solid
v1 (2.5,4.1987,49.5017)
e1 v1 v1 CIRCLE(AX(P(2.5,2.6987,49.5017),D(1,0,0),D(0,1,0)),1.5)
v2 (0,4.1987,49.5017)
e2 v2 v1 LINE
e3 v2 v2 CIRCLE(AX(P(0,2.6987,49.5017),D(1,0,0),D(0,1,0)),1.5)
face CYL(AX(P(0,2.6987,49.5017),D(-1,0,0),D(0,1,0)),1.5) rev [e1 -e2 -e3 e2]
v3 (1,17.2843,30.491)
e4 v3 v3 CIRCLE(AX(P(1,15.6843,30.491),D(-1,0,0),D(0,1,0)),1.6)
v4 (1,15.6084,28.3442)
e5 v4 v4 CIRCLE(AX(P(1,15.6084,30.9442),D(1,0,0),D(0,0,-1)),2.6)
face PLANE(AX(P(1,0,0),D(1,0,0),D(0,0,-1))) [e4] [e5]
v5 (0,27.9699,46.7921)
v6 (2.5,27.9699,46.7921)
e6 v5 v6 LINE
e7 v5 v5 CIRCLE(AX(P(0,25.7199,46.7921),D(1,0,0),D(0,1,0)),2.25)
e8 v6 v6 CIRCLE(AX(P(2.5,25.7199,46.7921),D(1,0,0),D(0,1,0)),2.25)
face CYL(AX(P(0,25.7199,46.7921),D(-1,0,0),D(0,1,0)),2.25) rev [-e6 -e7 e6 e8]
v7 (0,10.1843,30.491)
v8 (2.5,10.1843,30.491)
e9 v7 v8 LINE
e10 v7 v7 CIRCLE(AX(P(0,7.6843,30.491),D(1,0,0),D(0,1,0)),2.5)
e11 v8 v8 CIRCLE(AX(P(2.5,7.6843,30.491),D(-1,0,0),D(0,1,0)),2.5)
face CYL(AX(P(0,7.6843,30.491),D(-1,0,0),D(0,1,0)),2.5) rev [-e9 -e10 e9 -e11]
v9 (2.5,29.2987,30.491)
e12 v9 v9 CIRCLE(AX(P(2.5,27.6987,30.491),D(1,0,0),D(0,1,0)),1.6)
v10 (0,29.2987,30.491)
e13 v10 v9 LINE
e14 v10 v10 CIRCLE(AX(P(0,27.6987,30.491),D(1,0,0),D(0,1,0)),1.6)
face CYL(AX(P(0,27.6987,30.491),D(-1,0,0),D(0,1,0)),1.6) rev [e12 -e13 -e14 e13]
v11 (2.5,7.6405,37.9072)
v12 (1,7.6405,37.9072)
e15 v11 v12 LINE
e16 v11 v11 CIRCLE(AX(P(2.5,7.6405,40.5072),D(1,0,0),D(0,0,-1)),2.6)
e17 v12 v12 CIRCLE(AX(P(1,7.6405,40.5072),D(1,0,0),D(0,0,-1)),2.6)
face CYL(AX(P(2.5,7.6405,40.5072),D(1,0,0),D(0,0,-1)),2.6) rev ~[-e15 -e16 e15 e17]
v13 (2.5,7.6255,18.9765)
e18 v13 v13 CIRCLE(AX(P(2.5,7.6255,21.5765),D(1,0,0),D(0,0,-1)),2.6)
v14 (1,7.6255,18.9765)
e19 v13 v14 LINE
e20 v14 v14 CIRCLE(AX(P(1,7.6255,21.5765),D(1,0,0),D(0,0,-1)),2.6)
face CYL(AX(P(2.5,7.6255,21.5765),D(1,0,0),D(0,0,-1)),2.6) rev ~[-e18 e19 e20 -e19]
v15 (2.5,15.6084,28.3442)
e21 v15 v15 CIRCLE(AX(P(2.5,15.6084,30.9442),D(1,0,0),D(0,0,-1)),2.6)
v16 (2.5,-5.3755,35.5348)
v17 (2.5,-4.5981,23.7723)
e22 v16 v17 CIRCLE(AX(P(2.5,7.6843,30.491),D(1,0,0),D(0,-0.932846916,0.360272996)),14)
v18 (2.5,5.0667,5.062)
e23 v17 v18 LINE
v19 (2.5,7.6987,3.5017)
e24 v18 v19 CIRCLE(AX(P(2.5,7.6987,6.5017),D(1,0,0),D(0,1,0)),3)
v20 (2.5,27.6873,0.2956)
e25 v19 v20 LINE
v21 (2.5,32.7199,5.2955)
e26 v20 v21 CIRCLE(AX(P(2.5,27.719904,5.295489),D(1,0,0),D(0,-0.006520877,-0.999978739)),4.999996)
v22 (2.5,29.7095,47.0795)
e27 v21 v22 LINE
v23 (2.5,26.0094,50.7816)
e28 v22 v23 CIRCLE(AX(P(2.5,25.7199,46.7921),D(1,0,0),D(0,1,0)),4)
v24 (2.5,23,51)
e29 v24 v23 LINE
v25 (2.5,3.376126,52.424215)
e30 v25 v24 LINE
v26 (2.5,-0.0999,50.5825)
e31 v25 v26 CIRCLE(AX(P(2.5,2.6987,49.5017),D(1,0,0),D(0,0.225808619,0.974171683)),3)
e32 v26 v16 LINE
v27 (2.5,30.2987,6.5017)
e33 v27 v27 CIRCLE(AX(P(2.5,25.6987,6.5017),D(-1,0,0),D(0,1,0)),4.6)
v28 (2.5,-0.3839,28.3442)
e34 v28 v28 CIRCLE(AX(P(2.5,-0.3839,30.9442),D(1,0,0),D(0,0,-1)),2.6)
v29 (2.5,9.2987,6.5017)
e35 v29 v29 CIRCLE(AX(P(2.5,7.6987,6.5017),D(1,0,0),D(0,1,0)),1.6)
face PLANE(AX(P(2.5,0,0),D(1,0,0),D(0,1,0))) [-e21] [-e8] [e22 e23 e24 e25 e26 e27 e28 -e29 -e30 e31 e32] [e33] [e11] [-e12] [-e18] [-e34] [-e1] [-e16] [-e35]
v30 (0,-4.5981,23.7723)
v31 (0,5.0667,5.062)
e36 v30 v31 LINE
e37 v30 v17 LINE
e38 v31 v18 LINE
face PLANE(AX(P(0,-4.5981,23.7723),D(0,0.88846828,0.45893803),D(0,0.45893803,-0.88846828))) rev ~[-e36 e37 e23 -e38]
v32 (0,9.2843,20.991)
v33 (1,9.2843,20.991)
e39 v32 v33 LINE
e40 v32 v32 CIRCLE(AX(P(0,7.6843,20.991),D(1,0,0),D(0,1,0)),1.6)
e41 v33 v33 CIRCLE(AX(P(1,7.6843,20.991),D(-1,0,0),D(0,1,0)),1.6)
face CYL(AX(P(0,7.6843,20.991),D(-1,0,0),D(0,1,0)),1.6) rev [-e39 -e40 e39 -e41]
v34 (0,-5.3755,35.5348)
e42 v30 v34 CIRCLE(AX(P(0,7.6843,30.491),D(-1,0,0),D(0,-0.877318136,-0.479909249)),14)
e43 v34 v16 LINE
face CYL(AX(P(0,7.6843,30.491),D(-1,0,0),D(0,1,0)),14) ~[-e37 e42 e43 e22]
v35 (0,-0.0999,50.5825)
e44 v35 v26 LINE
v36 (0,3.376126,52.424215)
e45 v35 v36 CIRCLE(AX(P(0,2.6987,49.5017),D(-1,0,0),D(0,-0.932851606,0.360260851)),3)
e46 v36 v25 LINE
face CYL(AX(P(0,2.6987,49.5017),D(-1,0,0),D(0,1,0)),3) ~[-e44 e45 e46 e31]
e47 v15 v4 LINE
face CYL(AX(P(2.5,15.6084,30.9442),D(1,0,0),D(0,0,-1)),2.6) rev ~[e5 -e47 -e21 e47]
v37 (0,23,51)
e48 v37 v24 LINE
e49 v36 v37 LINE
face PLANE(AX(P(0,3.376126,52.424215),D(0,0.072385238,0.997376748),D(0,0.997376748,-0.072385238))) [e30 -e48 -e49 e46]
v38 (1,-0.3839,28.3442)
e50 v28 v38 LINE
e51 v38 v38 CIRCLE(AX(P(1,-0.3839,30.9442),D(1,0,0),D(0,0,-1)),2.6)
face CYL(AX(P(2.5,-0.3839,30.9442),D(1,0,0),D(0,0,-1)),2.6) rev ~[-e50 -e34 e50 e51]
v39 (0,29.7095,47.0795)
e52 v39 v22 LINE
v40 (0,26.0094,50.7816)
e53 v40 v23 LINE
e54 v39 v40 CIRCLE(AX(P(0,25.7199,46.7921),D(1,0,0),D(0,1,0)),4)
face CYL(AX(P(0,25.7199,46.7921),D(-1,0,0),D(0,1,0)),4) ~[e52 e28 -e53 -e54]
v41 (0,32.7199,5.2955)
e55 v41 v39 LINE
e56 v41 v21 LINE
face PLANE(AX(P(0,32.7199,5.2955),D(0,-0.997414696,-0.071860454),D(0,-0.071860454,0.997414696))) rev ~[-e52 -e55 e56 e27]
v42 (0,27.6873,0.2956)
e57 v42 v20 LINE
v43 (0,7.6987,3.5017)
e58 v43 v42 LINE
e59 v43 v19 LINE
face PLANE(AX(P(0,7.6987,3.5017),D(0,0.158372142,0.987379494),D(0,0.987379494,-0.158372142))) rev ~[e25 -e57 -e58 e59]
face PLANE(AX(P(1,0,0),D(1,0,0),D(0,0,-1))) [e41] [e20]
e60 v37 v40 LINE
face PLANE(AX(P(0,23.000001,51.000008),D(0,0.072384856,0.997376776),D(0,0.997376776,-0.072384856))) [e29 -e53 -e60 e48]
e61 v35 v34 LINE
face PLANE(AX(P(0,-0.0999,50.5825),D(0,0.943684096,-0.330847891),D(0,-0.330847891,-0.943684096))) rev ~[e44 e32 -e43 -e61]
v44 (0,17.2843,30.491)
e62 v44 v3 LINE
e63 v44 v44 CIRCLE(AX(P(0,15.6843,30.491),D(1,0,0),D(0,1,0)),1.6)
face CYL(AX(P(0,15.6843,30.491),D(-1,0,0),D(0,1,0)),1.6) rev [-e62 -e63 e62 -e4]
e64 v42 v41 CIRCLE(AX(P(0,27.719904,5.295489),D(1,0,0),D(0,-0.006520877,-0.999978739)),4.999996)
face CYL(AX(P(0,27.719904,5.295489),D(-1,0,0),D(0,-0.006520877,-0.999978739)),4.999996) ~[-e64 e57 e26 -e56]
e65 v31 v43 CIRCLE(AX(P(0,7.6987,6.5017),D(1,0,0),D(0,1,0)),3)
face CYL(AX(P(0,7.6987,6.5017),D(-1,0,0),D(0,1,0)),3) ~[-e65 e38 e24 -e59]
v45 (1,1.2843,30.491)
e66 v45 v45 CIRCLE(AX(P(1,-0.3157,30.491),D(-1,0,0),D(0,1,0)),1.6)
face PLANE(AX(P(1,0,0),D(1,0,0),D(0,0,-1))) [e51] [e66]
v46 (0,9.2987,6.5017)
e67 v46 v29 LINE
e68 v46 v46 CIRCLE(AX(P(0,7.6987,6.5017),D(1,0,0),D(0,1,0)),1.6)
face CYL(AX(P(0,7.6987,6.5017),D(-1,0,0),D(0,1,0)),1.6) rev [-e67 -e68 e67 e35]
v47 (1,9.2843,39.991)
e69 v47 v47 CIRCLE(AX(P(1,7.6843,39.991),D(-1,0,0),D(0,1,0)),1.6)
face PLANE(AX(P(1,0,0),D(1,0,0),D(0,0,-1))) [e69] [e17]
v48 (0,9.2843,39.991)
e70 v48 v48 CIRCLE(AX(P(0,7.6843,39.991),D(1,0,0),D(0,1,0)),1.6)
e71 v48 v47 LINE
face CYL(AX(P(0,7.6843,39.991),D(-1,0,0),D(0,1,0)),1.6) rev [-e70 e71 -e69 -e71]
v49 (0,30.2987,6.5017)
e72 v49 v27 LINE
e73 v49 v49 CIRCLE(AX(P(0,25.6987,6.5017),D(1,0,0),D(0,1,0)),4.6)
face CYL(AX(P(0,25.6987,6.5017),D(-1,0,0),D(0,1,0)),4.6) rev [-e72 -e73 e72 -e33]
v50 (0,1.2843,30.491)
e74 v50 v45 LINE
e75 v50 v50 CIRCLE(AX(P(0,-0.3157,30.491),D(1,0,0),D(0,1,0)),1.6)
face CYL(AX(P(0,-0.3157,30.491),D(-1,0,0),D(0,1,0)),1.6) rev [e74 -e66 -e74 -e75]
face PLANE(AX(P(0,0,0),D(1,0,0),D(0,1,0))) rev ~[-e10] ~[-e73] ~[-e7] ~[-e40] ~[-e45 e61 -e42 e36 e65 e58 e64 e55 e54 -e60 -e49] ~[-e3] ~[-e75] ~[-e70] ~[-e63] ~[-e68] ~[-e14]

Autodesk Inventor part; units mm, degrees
ref_plane "YZ Plane" through (0, 0, 0) normal (1, 0, 0) x (0, 1, 0)
ref_plane "XZ Plane" through (0, 0, 0) normal (0, 1, 0) x (-1, 0, 0)
ref_plane "XY Plane" through (0, 0, 0) normal (0, 0, 1) x (1, 0, 0)
sketch "Эскиз1" plane through (0, 0, 0) normal (1, 0, 0) x (0, 1, 0)
  circle A0 centre (25.7199, 46.7921) radius 2.25
  circle A1 centre (25.6987, 6.5017) radius 4.6
  circle A2 centre (7.6987, 6.5017) radius 1.6
  arc A3 (27.6873, 0.2956) -> (32.7199, 5.2955) centre (27.7199, 5.2955) ccw
  circle A4 centre (7.6843, 30.491) radius 14
  arc A5 (14.2267, 42.8683) -> (-1.4853, 19.9118) centre (7.6843, 30.491) ccw
  circle A6 centre (27.6987, 30.491) radius 1.6
  line L0 (7.6843, 30.491) -> (25.6987, 6.5017)
  line L1 (-6.3157, 30.491) -> (21.6843, 30.491)
  line L2 (7.6843, 16.491) -> (7.6843, 44.491)
  circle A7 centre (7.6843, 30.491) radius 2.5
  circle A8 centre (-0.3157, 30.491) radius 1.6
  circle A9 centre (15.6843, 30.491) radius 1.6
  circle A10 centre (7.6843, 20.991) radius 1.6
  circle A11 centre (7.6843, 39.991) radius 1.6
  circle A12 centre (2.6987, 49.5017) radius 1.5
  circle A13 centre (7.6987, 6.5017) radius 3
  line L3 (7.6987, 3.5017) -> (27.6873, 0.2956)
  circle A14 centre (2.6987, 49.5017) radius 3
  line L4 (-3.2958, 40.9198) -> (-5.3755, 35.5348)
  line L5 (-0.0999, 50.5825) -> (-5.3755, 35.5348)
  line L6 (-1.3769, 17.8835) -> (-4.5981, 23.7723)
  line L7 (-4.5981, 23.7723) -> (5.0667, 5.062)
  circle A15 centre (25.7199, 46.7921) radius 4
  line L8 (2.4504, 52.4914) -> (23, 51)
  line L9 (2.4504, 52.4914) -> (26.0094, 50.7816)
  line L10 (32.7199, 5.2955) -> (29.7095, 47.0795)
  point P0 (0, 0)
  point P1 (-2.3427, 0)
  point P2 (7.6843, 30.491)
  point P3 (7.6843, 30.491)
  point P4 (-4.5981, 23.7723)
  point P5 (-3.3371, 41.4181)
  point P6 (-5.3755, 35.5348)
  point P7 (5.0013, 5.1886)
  point P8 (-0.1621, 50.405)
  point P9 (3.376, 52.4242)
  dimension "d9" = 4.5
  dimension "d86" = 9.2
  dimension "d87" = 3.2
  dimension "d92" = 5
  dimension "d132" = 28
  dimension "d145" = 3.2
  dimension "d191" = 30
  dimension "d194" = 5
  dimension "d195" = 3.2
  dimension "d196" = 3.2
  dimension "d197" = 3.2
  dimension "d198" = 3.2
  dimension "d199" = 8
  dimension "d200" = 8
  dimension "d201" = 9.5
  dimension "d202" = 9.5
  dimension "d227" = 3
  dimension "d234" = 6
  dimension "d235" = 6
  dimension "d242" = 8
extrude "Выдавливание1" add sketch "Эскиз1" along normal blind 2.5 contours A13 | A4 L5 A14 L8 L9 A15 L10 A3 L3 A13 L7 | A4 L2 A10 A7 L0 | L0 A7 L1 A9 A4 | A4 L1 A8 A7 L2 A10 | L1 A9 A7 L2 A11 A4 | L8 A14 | L2 A11 A7 L1 A8 A4 | A15
sketch "Эскиз8" plane through (2.5, 0, 0) normal (1, 0, 0) x (0, 0, -1)
  circle A0 centre (-40.5072, 7.6405) radius 1.6
  circle A1 centre (-40.5072, 7.6405) radius 2.6
  circle A2 centre (-30.9442, -0.3839) radius 1.6
  circle A3 centre (-30.9442, -0.3839) radius 2.6
  circle A4 centre (-21.5765, 7.6255) radius 1.6
  circle A5 centre (-21.5765, 7.6255) radius 2.6
  circle A6 centre (-30.9442, 15.6084) radius 1.6
  circle A7 centre (-30.9442, 15.6084) radius 2.6
  point P0 (0, 0)
  dimension "d205" = 3.2
  dimension "d206" = 5.2
  dimension "d207" = 3.2
  dimension "d208" = 5.2
  dimension "d210" = 3.2
  dimension "d211" = 5.2
  dimension "d216" = 3.2
  dimension "d217" = 5.2
extrude "Выдавливание9" cut sketch "Эскиз8" against normal blind 1.5 contours A0 | A1 | A2 | A3 | A4 | A5 | A6 | A7
equation "\"Радиус_гибки\" = Толщина"
equation "\"Ширина_просечки\" = Толщина"
equation "\"Глубина_просечки\" = 0.5 * Толщина"
equation "\"Размер_просечки\" = 4 * Толщина"
equation "\"Мин_остаток\" = 2 * Толщина"
equation "\"Радиус_перехода\" = Радиус_гибки"
equation "\"Радиус_Якоби\" = Радиус_гибки"
equation "\"Размер_зазора\" = Толщина"
equation "\"Толщина\" = 3.048"
properties part number "drib_rig"
